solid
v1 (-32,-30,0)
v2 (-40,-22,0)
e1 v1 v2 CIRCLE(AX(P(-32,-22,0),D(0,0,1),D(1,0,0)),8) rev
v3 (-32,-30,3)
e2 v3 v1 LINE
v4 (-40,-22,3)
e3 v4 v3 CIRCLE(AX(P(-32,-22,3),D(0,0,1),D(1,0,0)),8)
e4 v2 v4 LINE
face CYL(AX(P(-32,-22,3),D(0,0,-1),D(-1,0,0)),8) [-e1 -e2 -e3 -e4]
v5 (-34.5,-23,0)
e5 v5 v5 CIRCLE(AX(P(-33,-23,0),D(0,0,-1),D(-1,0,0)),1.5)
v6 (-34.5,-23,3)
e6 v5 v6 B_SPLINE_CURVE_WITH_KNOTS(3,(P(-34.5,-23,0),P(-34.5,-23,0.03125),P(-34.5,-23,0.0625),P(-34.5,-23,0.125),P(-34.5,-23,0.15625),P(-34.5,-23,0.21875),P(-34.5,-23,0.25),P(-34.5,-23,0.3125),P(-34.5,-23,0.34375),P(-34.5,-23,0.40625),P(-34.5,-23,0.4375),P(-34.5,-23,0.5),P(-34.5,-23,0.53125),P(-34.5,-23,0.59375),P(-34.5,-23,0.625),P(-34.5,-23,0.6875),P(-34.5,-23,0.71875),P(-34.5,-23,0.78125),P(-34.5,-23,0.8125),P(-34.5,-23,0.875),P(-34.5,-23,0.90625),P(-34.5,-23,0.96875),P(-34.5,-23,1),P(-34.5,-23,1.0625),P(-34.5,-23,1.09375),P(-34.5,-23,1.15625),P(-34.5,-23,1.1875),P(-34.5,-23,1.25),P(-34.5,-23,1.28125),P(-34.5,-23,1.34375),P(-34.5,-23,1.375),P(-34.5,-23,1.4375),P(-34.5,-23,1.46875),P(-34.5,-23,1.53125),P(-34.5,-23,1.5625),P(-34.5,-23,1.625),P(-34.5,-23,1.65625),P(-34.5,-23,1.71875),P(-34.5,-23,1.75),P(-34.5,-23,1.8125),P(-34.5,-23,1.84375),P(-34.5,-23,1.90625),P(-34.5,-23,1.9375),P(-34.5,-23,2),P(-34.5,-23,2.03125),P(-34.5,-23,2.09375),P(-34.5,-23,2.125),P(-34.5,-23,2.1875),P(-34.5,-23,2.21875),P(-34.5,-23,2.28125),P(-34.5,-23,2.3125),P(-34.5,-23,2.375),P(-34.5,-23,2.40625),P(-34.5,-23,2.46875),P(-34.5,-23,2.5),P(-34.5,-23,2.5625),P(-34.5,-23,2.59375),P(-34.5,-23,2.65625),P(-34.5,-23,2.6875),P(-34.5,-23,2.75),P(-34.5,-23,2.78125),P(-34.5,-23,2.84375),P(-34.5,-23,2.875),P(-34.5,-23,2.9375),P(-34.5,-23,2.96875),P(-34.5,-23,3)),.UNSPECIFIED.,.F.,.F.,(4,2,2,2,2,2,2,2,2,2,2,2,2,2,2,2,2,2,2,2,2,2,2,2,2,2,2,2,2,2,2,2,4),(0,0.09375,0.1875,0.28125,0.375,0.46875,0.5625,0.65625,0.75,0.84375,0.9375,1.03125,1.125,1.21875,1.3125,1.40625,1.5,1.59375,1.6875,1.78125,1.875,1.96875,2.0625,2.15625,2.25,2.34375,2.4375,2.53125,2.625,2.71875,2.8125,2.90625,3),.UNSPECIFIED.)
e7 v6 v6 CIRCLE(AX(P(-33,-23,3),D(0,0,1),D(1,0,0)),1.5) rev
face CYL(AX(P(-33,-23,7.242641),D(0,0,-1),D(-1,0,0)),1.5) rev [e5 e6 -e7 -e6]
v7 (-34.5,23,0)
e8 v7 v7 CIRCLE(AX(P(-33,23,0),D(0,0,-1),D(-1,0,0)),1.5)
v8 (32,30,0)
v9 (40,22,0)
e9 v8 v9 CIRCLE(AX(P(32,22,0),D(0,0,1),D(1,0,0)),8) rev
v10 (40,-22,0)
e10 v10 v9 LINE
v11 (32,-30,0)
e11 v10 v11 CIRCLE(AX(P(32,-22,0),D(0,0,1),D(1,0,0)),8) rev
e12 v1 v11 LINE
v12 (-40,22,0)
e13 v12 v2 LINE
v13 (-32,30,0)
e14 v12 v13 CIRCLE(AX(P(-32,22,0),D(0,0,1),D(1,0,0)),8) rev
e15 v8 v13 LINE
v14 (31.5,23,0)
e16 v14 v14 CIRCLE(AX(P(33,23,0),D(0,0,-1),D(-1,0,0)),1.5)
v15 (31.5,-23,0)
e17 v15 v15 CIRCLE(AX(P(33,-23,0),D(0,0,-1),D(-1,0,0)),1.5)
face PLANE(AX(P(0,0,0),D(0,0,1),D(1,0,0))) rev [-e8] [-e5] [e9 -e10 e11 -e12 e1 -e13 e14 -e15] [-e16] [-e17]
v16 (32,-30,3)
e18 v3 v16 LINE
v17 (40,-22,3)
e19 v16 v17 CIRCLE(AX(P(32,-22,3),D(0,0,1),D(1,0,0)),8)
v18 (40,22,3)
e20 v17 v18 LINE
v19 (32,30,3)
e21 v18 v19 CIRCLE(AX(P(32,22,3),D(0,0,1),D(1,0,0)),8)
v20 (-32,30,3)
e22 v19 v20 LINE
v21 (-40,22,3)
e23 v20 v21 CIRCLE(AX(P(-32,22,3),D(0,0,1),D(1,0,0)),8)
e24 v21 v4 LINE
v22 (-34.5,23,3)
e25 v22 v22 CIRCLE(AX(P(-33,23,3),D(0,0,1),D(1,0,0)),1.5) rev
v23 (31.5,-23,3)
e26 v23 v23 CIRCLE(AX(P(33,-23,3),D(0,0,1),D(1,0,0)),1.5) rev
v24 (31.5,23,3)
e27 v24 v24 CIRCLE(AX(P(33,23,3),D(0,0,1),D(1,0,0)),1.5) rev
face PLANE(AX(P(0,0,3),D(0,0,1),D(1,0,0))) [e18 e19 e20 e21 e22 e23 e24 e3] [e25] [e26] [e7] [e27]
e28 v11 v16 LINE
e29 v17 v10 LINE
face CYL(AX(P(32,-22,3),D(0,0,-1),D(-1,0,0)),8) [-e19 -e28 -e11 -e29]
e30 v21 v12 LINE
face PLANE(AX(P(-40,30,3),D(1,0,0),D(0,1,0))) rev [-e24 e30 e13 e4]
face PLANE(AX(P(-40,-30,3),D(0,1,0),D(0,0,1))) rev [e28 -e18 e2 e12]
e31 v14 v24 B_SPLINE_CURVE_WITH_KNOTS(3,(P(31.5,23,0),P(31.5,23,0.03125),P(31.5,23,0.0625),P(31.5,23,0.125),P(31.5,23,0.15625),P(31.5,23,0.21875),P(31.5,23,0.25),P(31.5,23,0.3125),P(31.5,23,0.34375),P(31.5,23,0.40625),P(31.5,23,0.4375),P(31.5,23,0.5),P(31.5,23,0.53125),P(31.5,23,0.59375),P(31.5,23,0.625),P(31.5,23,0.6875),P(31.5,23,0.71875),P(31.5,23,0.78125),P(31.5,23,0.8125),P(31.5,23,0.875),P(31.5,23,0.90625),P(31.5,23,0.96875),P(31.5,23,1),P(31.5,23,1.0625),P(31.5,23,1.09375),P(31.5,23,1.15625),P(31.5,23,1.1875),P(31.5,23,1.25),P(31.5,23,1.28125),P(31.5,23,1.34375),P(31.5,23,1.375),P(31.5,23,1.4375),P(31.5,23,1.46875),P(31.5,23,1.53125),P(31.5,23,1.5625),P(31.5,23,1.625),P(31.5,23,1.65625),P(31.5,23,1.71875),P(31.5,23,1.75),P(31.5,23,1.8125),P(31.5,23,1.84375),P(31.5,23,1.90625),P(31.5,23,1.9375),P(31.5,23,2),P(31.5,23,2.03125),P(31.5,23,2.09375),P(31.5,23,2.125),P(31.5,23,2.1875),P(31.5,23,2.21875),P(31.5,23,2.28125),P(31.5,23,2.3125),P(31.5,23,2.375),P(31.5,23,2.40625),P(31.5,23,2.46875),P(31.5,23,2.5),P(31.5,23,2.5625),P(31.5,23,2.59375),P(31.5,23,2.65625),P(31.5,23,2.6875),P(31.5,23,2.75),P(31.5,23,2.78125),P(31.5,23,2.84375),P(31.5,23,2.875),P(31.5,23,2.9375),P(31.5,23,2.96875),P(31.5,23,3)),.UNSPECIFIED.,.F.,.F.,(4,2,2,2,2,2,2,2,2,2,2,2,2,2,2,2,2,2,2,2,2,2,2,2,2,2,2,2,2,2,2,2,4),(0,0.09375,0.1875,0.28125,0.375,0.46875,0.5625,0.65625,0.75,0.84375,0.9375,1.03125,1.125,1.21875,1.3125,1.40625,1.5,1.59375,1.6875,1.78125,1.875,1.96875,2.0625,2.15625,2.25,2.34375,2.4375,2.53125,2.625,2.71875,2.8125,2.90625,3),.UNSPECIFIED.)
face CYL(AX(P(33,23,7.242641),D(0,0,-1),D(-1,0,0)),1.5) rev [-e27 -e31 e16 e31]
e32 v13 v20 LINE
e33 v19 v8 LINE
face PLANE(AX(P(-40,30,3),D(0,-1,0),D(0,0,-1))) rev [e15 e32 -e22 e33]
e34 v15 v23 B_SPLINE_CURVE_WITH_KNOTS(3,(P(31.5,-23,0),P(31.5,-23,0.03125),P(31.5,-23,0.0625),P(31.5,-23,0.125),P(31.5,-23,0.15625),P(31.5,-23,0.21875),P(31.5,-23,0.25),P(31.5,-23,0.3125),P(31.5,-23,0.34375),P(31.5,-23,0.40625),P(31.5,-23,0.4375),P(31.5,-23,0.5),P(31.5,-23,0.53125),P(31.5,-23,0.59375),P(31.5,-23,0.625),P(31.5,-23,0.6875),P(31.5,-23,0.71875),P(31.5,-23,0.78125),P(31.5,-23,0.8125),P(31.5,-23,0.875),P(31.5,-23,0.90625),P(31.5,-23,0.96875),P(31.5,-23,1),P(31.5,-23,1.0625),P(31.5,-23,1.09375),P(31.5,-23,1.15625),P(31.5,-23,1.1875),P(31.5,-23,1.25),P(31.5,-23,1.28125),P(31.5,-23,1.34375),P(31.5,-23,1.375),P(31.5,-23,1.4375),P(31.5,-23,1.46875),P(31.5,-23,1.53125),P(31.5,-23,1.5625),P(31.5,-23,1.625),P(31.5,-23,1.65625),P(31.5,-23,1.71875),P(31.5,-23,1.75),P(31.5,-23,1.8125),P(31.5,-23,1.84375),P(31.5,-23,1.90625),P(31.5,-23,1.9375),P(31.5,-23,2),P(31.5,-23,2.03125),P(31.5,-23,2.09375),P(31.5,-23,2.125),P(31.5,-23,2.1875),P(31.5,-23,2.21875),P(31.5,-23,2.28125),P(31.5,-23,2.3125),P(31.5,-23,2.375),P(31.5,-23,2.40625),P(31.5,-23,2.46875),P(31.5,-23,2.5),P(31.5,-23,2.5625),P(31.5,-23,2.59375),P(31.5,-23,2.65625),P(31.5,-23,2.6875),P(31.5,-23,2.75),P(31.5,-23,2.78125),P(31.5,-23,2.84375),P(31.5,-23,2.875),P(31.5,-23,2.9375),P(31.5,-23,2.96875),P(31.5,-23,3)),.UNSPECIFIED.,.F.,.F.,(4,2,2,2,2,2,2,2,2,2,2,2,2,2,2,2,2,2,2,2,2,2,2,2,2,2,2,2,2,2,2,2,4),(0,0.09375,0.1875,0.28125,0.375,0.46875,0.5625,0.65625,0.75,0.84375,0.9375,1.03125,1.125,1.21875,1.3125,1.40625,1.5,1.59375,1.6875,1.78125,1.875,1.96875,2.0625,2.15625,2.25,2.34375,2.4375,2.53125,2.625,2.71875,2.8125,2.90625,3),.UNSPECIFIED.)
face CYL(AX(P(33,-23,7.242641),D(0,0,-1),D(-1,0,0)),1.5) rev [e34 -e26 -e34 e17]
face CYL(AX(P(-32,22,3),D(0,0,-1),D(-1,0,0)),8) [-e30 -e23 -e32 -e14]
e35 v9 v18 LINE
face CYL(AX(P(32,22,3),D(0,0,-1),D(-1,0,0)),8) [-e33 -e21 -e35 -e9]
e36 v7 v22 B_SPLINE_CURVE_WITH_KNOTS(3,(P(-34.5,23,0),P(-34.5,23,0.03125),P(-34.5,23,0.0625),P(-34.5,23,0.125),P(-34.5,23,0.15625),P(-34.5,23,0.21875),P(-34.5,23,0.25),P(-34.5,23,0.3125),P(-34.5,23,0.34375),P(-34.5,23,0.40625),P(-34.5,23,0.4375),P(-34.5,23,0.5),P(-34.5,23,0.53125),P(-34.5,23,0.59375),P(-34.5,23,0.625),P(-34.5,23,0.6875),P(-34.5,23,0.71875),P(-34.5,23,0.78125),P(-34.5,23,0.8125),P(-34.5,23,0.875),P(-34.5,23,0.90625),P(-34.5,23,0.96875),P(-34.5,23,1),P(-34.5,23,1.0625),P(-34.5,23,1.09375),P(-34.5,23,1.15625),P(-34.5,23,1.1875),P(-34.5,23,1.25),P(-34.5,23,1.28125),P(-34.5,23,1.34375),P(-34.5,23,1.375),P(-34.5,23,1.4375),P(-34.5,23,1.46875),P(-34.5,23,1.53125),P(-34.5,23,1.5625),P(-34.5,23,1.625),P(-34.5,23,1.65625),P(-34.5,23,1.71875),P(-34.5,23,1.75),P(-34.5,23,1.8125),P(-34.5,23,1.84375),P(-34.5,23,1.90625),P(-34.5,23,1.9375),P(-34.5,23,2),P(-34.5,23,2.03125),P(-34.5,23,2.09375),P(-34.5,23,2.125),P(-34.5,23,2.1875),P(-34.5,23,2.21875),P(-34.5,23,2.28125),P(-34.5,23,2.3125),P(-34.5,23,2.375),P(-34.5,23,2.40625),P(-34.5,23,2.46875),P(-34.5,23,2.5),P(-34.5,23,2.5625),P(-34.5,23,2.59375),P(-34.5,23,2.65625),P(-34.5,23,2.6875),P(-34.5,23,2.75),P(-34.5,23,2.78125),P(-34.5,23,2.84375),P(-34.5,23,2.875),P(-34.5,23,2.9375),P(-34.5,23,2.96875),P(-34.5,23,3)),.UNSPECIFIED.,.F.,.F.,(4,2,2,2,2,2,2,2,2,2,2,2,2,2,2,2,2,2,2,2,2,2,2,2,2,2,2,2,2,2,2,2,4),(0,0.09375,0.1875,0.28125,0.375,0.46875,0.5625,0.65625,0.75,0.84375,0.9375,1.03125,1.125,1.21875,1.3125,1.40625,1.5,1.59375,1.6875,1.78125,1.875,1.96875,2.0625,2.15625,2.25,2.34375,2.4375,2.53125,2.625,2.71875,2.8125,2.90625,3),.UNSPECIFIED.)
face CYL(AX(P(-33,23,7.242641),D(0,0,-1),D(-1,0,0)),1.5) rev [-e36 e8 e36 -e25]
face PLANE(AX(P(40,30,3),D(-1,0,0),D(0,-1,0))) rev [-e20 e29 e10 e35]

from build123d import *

# Parameters (mm, degrees)
SKETCH1_W           = 80
SKETCH1_H           = 60
BOSS_EXTRUDE1_DEPTH = 3
FILLET1_R           = 8
SKETCH2_R           = 1.5
CUT_EXTRUDE1_DEPTH  = 3


with BuildPart() as part:
    # Sketch1 → Boss-Extrude1 (new body)
    with BuildSketch(Plane.XY):
        Rectangle(SKETCH1_W, SKETCH1_H)
    extrude(amount=BOSS_EXTRUDE1_DEPTH)

    # Fillet1
    fillet1_edges = [part.edges().sort_by_distance(p)[0] for p in [
        (-40, 30, 1.5),
        (40, 30, 1.5),
        (40, -30, 1.5),
        (-40, -30, 1.5),
    ]]
    fillet(fillet1_edges, radius=FILLET1_R)

    # Sketch2 → Cut-Extrude1 (cut)
    with BuildSketch(Plane(origin=(0, 0, 0), x_dir=(-1, 0, 0), z_dir=(0, 0, -1))):
        with Locations((33, -23)):
            Circle(SKETCH2_R)
        with Locations((33, 23)):
            Circle(SKETCH2_R)
        with Locations((-33, 23)):
            Circle(SKETCH2_R)
        with Locations((-33, -23)):
            Circle(SKETCH2_R)
    extrude(amount=-CUT_EXTRUDE1_DEPTH, mode=Mode.SUBTRACT)


solid = part.part
